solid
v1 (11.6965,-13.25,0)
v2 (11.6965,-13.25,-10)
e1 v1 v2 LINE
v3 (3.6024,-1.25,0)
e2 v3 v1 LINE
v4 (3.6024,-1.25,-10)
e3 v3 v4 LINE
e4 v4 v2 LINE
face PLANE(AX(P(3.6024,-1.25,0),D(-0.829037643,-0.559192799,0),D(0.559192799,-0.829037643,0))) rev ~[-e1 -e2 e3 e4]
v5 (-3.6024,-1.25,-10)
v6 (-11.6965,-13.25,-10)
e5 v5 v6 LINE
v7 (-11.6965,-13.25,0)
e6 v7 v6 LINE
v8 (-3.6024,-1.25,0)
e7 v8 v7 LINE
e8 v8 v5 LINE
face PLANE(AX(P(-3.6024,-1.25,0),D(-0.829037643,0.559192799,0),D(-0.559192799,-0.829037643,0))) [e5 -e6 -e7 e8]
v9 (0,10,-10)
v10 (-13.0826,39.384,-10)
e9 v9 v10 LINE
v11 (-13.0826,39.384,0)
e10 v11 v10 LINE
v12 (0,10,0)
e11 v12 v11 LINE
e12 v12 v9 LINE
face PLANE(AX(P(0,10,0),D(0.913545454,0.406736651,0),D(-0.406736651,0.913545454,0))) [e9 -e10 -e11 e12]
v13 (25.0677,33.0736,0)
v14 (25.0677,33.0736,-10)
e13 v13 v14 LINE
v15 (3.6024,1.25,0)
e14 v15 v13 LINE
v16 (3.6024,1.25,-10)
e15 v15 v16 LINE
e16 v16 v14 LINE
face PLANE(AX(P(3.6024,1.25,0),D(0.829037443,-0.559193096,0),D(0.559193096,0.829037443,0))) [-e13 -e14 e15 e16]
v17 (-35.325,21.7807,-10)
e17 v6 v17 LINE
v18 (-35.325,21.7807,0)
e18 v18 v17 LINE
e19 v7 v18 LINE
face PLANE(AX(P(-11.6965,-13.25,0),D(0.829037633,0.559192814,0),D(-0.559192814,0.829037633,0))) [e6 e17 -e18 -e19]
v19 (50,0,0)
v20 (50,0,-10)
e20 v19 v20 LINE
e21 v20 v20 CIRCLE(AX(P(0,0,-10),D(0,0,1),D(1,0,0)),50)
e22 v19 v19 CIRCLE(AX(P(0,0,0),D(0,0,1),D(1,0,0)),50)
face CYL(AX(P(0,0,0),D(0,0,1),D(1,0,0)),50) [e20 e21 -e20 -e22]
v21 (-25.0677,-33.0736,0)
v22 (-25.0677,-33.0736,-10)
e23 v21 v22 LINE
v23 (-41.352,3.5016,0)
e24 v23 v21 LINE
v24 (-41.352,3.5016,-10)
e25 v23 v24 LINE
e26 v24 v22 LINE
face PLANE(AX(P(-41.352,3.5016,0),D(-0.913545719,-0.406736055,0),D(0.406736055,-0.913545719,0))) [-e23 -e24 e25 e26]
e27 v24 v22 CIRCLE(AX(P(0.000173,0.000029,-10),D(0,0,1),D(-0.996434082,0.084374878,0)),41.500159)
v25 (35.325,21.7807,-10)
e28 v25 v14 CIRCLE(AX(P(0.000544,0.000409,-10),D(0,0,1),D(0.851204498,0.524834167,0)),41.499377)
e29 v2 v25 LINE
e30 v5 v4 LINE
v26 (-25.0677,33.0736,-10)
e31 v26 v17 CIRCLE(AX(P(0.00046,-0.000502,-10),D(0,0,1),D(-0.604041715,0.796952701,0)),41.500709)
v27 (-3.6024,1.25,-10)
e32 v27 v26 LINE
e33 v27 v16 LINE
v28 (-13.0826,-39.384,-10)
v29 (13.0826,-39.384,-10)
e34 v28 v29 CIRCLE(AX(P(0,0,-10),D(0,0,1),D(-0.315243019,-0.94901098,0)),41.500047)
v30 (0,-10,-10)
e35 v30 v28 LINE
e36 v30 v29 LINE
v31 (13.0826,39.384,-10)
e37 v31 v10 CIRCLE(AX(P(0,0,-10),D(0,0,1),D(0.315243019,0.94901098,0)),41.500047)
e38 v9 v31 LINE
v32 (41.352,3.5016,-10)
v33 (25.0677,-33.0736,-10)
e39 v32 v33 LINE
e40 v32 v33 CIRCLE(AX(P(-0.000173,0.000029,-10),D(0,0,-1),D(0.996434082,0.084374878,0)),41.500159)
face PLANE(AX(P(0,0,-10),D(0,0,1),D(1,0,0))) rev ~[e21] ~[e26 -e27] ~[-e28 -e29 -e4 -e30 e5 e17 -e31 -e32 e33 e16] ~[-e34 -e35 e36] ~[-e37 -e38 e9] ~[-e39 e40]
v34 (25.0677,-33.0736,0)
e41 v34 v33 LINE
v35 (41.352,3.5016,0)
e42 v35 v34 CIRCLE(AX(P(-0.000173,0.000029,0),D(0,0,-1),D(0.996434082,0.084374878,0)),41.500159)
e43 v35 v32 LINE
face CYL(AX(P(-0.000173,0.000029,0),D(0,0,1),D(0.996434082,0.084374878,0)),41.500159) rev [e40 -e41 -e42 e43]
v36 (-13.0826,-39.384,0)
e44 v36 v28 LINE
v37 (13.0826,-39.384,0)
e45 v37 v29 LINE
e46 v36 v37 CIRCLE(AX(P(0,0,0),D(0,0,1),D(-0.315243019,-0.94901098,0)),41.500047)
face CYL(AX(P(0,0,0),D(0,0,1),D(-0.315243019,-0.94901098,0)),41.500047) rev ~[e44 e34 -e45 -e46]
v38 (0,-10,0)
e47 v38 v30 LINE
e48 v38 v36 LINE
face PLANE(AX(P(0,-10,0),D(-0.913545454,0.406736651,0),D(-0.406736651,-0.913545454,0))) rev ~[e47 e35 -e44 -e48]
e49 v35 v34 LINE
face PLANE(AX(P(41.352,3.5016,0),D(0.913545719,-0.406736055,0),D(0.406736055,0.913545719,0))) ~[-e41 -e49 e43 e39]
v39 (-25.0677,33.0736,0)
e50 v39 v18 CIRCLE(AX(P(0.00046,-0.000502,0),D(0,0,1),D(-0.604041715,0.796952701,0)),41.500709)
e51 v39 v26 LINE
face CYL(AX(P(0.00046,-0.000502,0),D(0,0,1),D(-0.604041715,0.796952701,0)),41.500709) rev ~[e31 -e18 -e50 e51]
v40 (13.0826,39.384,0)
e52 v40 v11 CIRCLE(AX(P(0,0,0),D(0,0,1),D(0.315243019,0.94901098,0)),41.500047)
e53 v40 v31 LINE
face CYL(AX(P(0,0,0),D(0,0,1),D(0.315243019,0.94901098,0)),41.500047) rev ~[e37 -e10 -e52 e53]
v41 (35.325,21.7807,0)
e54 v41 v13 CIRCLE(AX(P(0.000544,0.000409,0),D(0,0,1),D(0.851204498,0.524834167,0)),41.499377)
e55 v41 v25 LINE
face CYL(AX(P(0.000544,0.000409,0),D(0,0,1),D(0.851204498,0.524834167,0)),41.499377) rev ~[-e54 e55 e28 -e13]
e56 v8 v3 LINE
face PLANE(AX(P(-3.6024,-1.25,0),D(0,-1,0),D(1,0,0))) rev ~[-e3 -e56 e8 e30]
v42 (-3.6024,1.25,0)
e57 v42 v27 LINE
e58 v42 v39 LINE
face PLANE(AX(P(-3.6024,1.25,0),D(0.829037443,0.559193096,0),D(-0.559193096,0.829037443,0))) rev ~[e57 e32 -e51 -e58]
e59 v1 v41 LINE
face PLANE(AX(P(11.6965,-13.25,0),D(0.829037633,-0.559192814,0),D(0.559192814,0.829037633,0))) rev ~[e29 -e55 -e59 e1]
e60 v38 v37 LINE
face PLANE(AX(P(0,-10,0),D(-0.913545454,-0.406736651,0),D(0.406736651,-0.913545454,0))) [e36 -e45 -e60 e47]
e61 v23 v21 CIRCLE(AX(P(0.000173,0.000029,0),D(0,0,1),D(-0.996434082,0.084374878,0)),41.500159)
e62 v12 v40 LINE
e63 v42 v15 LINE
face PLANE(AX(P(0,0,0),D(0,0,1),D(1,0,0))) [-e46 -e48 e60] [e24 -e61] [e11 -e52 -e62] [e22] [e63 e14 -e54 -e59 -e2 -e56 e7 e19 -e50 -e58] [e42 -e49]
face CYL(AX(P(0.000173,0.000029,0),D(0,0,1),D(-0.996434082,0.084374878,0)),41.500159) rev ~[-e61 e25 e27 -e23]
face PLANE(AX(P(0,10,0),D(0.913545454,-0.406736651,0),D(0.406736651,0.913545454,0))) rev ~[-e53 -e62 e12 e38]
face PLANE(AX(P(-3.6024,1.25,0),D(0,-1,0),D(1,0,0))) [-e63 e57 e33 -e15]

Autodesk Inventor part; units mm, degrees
ref_plane "XZ Plane" through (0, 0, 0) normal (0, 1, 0) x (-1, 0, 0)
ref_plane "XY Plane" through (0, 0, 0) normal (0, 0, 1) x (1, 0, 0)
sketch "Skizze2" plane through (0, 0, 0) normal (0, 0, 1) x (1, 0, 0)
  circle A0 centre (0, 0) radius 50
  circle A1 centre (0, 0) radius 41.5 construction
  dimension "d12" = 100
  dimension "d13" = 83
extrude "Extrusion3" add sketch "Skizze2" against normal blind 10
sketch "Skizze3" plane through (0, 0, 0) normal (0, 0, 1) x (1, 0, 0)
  circle A0 centre (0, 0) radius 50 projected
  line L0 (0, 50) -> (0, -50) construction
  line L1 (-50, 0) -> (50, 0) construction
  line L2 (0, -10) -> (-13.0826, -39.384)
  line L3 (0, -10) -> (13.0826, -39.384)
  circle A1 centre (0, 0) radius 41.5 construction
  arc A2 (-13.0826, -39.384) -> (13.0826, -39.384) centre (0, 0) ccw
  dimension "d16" = 48
  dimension "d17" = 10
extrude "Extrusion4" cut sketch "Skizze3" against normal up to surface (10 mm away) contours L3 A2 L2
pattern_circular "Runde Anordnung1" count 2 over 360 about axis through (0, 0, 0) along (0, 0, -1) of "Extrusion4"
sketch "Skizze4" plane through (0, 0, 0) normal (0, 0, 1) x (1, 0, 0)
  line L0 (-50, 0) -> (50, 0) construction
  line L1 (0, 50) -> (0, -50) construction
  line L2 (-3.6024, 1.25) -> (3.6024, 1.25)
  line L3 (-3.6024, -1.25) -> (3.6024, -1.25)
  line L4 (3.6024, 1.25) -> (25.0677, 33.0736)
  circle A0 centre (0, 0) radius 41.5 construction
  line L5 (13.0826, 39.384) -> (0, 10) projected
  line L6 (3.6024, -1.25) -> (11.6965, -13.25)
  line L7 (11.6965, -13.25) -> (35.325, 21.7807)
  line L8 (0, -10) -> (13.0826, -39.384) projected
  arc A1 (35.325, 21.7807) -> (25.0677, 33.0736) centre (0, 0) ccw
  line L9 (-3.6024, 1.25) -> (-25.0677, 33.0736)
  line L10 (0, 10) -> (-13.0826, 39.384) projected
  line L11 (-3.6024, -1.25) -> (-11.6965, -13.25)
  line L12 (-11.6965, -13.25) -> (-35.325, 21.7807)
  arc A2 (-25.0677, 33.0736) -> (-35.325, 21.7807) centre (0, 0) ccw
  line L13 (-13.0826, -39.384) -> (0, -10) projected
  dimension "d23" = 2.5
  dimension "d30" = 12
  dimension "d31" = 10
  dimension "d32" = 10
  dimension "d33" = 10
  dimension "d34" = 10
extrude "Extrusion5" cut sketch "Skizze4" against normal up to surface (10 mm away)
sketch "Skizze5" plane through (0, 0, 0) normal (0, 0, 1) x (1, 0, 0)
  circle A0 centre (0, 0) radius 41.5 construction
  line L0 (0, 50) -> (0, -50) construction
  line L1 (-50, 0) -> (50, 0) construction
  line L2 (-11.6965, -13.25) -> (-35.325, 21.7807) projected
  line L3 (-41.352, 3.5016) -> (-25.0677, -33.0736)
  line L4 (-13.4789, -15.8926) -> (-28.8614, -38.698) construction
  line L5 (-3.6024, -1.25) -> (-11.6965, -13.25) projected
  arc A1 (-41.352, 3.5016) -> (-25.0677, -33.0736) centre (0, 0) ccw
  point P0 (-33.2098, -14.786)
  dimension "d41" = 10
extrude "Extrusion6" cut sketch "Skizze5" against normal up to surface (10 mm away)
ref_plane "Arbeitsebene1" through (0, 0, 0) normal (1, 0, 0) x (0, 1, 0)
mirror "Spiegeln1" about plane through (0, 0, 0) normal (1, 0, 0) of "Extrusion6"
equation "\"d32\" = d31"
properties part number "VW" material "Stahl, galvanisiert"
